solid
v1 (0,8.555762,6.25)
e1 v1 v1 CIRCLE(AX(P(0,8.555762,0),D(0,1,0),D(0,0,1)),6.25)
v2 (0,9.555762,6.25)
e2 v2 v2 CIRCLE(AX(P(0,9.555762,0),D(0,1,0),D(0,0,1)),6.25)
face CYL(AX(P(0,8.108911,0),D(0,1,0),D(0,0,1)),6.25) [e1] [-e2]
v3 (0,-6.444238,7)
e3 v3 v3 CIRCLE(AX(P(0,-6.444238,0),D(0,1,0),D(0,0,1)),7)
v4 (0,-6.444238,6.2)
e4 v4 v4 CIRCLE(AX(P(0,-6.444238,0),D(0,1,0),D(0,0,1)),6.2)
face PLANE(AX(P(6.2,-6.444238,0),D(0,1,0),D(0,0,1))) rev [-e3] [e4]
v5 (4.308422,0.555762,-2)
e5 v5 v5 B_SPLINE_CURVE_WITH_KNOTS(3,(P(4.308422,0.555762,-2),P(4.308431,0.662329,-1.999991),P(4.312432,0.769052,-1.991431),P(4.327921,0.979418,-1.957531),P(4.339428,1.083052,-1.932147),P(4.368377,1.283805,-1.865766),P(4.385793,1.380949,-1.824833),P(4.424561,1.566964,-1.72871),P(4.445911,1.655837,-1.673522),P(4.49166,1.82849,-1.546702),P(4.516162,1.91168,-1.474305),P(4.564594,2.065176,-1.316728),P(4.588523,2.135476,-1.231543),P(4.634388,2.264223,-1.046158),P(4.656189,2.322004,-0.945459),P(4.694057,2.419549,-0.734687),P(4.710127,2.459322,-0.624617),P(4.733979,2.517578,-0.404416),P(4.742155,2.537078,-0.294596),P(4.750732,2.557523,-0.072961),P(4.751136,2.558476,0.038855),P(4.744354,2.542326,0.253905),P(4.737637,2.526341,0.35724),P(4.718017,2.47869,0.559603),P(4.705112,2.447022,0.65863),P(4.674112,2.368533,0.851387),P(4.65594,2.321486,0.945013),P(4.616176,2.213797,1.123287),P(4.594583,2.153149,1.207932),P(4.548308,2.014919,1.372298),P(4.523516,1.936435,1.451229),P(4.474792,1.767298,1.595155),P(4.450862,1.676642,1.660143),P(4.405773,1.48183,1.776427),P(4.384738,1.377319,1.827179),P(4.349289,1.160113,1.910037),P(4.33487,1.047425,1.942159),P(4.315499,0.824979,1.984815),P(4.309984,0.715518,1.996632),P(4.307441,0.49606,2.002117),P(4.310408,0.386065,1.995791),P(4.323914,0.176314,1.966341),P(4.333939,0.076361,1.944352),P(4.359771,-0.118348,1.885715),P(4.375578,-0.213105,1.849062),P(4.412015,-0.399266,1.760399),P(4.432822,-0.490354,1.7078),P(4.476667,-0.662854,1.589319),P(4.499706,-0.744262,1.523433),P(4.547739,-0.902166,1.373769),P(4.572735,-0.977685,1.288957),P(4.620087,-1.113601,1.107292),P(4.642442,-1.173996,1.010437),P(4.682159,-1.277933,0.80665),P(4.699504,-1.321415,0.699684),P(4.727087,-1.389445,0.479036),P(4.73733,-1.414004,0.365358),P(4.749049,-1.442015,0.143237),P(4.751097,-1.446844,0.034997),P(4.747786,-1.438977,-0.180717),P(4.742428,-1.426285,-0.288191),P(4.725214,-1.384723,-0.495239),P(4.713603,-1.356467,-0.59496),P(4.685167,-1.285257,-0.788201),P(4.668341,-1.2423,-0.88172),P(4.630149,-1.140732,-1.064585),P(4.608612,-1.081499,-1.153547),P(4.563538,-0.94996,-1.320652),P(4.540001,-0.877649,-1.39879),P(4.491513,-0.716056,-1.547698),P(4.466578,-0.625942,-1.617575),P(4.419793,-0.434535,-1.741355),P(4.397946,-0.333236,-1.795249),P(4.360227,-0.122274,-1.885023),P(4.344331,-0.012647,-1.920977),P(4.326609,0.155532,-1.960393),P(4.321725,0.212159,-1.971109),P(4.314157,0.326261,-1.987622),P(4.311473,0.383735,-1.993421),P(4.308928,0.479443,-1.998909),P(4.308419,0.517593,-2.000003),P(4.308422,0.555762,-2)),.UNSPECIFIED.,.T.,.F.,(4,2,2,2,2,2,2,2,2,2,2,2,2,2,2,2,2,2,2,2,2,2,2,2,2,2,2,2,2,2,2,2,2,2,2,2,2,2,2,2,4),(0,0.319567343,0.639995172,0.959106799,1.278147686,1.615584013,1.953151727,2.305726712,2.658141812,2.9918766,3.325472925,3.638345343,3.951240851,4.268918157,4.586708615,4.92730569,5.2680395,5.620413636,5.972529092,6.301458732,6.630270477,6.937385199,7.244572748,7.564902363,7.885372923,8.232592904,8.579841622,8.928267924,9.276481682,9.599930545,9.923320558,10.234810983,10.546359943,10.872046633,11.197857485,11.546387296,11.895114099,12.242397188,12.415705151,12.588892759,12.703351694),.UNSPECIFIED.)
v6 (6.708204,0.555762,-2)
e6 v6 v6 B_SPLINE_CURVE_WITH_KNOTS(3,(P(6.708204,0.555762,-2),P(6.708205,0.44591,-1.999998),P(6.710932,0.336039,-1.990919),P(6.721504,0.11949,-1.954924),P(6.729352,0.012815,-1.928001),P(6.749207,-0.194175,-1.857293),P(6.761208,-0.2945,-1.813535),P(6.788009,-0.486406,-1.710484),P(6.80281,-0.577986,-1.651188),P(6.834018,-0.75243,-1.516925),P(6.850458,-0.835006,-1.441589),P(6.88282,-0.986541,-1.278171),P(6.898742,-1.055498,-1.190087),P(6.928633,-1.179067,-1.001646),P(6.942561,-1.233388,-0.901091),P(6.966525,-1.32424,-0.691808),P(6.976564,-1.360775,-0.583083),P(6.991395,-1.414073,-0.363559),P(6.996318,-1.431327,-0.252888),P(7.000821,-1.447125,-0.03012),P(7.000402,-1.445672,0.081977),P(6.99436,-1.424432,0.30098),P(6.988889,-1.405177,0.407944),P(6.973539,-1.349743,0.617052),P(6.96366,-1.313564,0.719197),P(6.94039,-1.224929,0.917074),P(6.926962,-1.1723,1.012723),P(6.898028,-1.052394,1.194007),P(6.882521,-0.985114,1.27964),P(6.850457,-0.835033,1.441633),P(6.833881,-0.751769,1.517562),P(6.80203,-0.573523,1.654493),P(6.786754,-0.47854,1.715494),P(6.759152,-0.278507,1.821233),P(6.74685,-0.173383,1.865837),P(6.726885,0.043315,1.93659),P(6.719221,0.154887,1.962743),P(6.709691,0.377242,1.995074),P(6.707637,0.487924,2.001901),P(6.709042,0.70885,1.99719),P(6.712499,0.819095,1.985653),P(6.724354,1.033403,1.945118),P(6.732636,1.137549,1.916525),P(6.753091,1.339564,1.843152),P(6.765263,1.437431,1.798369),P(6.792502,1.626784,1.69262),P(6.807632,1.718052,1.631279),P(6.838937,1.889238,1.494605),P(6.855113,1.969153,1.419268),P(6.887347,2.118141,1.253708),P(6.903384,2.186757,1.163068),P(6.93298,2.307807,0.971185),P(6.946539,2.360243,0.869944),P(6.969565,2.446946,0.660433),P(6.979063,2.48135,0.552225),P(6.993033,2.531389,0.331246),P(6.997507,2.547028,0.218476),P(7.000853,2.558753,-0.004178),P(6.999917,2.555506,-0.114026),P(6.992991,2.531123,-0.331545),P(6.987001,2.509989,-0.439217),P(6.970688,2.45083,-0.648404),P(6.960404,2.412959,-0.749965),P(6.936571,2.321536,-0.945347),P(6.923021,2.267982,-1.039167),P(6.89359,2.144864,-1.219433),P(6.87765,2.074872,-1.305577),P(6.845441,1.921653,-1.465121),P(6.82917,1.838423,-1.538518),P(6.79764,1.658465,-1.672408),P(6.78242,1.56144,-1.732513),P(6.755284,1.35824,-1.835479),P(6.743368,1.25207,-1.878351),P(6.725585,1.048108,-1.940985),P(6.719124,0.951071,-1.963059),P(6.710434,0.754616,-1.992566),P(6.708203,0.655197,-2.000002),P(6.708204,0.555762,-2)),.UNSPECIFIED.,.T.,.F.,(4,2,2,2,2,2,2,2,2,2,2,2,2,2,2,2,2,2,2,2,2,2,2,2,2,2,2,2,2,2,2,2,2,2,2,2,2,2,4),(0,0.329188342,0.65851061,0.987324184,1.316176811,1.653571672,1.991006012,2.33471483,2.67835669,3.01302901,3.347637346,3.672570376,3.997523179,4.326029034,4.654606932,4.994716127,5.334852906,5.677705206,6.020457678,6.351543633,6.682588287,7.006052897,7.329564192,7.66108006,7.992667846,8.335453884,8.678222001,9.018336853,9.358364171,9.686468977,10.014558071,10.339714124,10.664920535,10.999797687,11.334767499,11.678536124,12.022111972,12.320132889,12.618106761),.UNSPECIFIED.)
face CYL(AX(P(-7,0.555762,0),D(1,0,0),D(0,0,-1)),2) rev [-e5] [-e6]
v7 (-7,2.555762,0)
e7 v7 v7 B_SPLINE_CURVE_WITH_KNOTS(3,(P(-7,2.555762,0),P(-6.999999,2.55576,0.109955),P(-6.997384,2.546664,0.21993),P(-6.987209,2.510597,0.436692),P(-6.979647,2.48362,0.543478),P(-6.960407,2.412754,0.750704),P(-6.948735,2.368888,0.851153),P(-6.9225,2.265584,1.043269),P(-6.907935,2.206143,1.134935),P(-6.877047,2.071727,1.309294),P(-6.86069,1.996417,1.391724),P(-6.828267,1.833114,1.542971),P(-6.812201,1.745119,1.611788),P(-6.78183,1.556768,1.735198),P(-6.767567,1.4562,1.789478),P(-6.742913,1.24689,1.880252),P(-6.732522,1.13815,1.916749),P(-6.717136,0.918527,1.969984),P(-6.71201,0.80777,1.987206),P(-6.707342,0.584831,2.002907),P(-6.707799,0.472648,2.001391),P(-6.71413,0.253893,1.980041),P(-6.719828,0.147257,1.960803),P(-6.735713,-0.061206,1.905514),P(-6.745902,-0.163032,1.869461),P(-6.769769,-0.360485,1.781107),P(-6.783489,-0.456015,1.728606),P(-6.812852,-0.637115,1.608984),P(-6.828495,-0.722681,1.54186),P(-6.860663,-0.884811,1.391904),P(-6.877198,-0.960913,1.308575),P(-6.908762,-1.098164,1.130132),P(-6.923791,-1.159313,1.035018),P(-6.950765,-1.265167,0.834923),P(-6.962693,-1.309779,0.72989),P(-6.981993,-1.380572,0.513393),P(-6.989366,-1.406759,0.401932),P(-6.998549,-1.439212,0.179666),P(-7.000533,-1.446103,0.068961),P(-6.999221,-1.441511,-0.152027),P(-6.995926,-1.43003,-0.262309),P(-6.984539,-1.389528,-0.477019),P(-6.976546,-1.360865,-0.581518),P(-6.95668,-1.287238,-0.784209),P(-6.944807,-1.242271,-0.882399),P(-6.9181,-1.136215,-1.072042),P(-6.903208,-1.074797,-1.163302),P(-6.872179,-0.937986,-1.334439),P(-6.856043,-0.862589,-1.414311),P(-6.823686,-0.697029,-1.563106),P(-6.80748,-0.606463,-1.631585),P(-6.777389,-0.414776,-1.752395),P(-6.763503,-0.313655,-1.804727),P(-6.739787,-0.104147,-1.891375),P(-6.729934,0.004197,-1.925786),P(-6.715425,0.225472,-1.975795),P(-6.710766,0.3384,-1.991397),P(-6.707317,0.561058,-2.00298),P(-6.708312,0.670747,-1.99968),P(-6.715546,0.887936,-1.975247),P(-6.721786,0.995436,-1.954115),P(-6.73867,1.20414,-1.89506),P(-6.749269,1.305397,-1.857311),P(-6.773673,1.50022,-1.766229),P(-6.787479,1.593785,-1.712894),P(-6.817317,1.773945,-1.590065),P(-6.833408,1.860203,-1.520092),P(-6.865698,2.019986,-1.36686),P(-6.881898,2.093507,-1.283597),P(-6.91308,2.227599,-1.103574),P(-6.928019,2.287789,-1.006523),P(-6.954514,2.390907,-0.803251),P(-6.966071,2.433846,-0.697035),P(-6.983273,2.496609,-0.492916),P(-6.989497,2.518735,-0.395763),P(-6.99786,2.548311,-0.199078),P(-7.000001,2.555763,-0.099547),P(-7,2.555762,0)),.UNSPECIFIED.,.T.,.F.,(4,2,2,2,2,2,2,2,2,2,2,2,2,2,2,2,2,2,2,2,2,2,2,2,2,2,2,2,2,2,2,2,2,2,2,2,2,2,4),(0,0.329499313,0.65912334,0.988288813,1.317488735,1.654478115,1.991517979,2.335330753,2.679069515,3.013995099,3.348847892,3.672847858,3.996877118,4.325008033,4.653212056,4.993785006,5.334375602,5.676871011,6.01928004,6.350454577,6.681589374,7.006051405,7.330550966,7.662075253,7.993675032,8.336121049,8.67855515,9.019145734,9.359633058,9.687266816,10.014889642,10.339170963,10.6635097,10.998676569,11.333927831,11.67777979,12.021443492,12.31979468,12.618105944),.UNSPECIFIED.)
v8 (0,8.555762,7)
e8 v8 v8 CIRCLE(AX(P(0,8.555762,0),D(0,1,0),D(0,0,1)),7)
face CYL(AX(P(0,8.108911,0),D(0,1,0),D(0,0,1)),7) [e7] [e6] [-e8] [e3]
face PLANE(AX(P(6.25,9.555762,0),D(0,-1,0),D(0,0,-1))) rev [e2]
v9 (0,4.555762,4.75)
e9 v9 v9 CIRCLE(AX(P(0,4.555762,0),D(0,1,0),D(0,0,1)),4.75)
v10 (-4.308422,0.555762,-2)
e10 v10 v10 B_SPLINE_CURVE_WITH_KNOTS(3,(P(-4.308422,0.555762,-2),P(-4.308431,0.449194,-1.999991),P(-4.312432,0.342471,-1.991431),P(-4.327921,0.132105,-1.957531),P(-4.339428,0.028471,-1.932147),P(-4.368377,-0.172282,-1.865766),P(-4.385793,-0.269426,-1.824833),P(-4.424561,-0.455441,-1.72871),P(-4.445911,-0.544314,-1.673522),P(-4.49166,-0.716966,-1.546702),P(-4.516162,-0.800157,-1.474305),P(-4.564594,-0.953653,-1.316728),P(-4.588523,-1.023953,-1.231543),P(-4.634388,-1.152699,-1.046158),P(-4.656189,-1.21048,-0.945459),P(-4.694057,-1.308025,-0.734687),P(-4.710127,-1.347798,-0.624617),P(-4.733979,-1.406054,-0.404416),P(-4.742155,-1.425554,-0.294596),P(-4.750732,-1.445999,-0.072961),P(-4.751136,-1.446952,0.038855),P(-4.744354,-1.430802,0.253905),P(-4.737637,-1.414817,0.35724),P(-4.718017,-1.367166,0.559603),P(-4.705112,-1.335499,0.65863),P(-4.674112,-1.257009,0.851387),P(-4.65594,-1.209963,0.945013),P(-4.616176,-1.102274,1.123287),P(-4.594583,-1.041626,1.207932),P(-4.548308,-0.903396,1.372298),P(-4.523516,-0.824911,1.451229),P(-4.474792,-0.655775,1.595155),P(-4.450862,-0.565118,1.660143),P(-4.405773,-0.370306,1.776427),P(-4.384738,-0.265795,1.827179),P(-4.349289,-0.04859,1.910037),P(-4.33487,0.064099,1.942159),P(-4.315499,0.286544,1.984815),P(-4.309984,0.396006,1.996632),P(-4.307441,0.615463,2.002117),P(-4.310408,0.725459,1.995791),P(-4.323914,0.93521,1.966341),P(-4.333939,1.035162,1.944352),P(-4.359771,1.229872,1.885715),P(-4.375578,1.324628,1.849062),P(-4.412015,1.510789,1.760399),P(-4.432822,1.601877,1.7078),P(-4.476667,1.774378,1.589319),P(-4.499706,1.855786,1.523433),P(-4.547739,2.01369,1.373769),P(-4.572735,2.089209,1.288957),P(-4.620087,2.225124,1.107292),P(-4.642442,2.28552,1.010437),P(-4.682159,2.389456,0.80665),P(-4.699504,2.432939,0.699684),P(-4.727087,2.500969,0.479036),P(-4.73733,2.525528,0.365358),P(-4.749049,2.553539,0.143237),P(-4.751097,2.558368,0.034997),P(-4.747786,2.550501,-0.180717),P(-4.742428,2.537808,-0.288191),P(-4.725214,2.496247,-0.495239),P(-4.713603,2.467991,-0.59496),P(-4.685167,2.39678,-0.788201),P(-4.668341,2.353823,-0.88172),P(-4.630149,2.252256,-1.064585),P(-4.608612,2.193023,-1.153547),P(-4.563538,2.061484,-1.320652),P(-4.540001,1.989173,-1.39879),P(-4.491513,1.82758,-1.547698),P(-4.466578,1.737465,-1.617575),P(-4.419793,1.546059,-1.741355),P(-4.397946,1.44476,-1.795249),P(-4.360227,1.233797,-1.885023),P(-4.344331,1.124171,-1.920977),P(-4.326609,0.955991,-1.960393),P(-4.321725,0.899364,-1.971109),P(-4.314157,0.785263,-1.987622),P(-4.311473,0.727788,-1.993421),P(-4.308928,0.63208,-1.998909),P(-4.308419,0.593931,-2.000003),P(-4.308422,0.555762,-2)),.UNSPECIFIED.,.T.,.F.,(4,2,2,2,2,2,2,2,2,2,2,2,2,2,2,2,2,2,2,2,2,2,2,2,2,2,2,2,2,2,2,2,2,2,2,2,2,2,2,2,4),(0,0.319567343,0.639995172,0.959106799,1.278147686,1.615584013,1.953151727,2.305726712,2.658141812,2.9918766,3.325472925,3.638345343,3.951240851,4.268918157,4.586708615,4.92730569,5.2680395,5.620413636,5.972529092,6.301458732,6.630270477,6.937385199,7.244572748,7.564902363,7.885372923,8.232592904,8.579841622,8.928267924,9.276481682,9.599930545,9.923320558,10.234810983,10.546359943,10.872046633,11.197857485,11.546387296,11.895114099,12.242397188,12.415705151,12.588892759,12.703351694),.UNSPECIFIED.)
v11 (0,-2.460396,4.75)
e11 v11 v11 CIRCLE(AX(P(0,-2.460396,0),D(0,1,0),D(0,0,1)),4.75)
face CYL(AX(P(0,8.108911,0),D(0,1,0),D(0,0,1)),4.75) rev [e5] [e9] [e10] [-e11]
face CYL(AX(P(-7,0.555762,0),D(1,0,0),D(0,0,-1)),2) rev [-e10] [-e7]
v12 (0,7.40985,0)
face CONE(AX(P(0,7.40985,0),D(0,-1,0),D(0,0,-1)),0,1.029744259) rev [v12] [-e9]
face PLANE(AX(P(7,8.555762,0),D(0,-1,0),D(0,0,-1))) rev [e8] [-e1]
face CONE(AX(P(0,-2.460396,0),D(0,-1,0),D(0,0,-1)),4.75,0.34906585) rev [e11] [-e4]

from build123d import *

# Parameters (mm, degrees)
CUT_EXTRUDE1_DEPTH      = 14.759090875
CUT_EXTRUDE1_DEPTH_BACK = 14.759090875
SKETCH2_R               = 2


with BuildPart() as part:
    # Sketch1 → Revolve1 (revolve)
    with BuildSketch(Plane.XY, mode=Mode.PRIVATE) as revolve1_sk:
        Polygon((0, 9.555761702), (0, 7.409849643), (4.75, 4.555761702), (4.75, -2.46039604), (6.2, -6.444238298), (7, -6.444238298), (7, 8.555761702), (6.25, 8.555761702), (6.25, 9.555761702), align=None)
    revolve(revolve1_sk.sketch.rotate(Axis((0, 8.108910891, 0), (0, -1, 0)), 90), axis=Axis((0, 8.108910891, 0), (0, -1, 0)))

    # Sketch2 → Cut-Extrude1 (cut, two sides: drawn at the far end of the back side and taken through both)
    with BuildSketch(Plane(origin=(0, 0, 0), x_dir=(0, 0, -1), z_dir=(1, 0, 0)).offset(-CUT_EXTRUDE1_DEPTH_BACK)):
        with Locations((0, 0.555761702)):
            Circle(SKETCH2_R)
    extrude(amount=CUT_EXTRUDE1_DEPTH + CUT_EXTRUDE1_DEPTH_BACK, mode=Mode.SUBTRACT)


solid = part.part
